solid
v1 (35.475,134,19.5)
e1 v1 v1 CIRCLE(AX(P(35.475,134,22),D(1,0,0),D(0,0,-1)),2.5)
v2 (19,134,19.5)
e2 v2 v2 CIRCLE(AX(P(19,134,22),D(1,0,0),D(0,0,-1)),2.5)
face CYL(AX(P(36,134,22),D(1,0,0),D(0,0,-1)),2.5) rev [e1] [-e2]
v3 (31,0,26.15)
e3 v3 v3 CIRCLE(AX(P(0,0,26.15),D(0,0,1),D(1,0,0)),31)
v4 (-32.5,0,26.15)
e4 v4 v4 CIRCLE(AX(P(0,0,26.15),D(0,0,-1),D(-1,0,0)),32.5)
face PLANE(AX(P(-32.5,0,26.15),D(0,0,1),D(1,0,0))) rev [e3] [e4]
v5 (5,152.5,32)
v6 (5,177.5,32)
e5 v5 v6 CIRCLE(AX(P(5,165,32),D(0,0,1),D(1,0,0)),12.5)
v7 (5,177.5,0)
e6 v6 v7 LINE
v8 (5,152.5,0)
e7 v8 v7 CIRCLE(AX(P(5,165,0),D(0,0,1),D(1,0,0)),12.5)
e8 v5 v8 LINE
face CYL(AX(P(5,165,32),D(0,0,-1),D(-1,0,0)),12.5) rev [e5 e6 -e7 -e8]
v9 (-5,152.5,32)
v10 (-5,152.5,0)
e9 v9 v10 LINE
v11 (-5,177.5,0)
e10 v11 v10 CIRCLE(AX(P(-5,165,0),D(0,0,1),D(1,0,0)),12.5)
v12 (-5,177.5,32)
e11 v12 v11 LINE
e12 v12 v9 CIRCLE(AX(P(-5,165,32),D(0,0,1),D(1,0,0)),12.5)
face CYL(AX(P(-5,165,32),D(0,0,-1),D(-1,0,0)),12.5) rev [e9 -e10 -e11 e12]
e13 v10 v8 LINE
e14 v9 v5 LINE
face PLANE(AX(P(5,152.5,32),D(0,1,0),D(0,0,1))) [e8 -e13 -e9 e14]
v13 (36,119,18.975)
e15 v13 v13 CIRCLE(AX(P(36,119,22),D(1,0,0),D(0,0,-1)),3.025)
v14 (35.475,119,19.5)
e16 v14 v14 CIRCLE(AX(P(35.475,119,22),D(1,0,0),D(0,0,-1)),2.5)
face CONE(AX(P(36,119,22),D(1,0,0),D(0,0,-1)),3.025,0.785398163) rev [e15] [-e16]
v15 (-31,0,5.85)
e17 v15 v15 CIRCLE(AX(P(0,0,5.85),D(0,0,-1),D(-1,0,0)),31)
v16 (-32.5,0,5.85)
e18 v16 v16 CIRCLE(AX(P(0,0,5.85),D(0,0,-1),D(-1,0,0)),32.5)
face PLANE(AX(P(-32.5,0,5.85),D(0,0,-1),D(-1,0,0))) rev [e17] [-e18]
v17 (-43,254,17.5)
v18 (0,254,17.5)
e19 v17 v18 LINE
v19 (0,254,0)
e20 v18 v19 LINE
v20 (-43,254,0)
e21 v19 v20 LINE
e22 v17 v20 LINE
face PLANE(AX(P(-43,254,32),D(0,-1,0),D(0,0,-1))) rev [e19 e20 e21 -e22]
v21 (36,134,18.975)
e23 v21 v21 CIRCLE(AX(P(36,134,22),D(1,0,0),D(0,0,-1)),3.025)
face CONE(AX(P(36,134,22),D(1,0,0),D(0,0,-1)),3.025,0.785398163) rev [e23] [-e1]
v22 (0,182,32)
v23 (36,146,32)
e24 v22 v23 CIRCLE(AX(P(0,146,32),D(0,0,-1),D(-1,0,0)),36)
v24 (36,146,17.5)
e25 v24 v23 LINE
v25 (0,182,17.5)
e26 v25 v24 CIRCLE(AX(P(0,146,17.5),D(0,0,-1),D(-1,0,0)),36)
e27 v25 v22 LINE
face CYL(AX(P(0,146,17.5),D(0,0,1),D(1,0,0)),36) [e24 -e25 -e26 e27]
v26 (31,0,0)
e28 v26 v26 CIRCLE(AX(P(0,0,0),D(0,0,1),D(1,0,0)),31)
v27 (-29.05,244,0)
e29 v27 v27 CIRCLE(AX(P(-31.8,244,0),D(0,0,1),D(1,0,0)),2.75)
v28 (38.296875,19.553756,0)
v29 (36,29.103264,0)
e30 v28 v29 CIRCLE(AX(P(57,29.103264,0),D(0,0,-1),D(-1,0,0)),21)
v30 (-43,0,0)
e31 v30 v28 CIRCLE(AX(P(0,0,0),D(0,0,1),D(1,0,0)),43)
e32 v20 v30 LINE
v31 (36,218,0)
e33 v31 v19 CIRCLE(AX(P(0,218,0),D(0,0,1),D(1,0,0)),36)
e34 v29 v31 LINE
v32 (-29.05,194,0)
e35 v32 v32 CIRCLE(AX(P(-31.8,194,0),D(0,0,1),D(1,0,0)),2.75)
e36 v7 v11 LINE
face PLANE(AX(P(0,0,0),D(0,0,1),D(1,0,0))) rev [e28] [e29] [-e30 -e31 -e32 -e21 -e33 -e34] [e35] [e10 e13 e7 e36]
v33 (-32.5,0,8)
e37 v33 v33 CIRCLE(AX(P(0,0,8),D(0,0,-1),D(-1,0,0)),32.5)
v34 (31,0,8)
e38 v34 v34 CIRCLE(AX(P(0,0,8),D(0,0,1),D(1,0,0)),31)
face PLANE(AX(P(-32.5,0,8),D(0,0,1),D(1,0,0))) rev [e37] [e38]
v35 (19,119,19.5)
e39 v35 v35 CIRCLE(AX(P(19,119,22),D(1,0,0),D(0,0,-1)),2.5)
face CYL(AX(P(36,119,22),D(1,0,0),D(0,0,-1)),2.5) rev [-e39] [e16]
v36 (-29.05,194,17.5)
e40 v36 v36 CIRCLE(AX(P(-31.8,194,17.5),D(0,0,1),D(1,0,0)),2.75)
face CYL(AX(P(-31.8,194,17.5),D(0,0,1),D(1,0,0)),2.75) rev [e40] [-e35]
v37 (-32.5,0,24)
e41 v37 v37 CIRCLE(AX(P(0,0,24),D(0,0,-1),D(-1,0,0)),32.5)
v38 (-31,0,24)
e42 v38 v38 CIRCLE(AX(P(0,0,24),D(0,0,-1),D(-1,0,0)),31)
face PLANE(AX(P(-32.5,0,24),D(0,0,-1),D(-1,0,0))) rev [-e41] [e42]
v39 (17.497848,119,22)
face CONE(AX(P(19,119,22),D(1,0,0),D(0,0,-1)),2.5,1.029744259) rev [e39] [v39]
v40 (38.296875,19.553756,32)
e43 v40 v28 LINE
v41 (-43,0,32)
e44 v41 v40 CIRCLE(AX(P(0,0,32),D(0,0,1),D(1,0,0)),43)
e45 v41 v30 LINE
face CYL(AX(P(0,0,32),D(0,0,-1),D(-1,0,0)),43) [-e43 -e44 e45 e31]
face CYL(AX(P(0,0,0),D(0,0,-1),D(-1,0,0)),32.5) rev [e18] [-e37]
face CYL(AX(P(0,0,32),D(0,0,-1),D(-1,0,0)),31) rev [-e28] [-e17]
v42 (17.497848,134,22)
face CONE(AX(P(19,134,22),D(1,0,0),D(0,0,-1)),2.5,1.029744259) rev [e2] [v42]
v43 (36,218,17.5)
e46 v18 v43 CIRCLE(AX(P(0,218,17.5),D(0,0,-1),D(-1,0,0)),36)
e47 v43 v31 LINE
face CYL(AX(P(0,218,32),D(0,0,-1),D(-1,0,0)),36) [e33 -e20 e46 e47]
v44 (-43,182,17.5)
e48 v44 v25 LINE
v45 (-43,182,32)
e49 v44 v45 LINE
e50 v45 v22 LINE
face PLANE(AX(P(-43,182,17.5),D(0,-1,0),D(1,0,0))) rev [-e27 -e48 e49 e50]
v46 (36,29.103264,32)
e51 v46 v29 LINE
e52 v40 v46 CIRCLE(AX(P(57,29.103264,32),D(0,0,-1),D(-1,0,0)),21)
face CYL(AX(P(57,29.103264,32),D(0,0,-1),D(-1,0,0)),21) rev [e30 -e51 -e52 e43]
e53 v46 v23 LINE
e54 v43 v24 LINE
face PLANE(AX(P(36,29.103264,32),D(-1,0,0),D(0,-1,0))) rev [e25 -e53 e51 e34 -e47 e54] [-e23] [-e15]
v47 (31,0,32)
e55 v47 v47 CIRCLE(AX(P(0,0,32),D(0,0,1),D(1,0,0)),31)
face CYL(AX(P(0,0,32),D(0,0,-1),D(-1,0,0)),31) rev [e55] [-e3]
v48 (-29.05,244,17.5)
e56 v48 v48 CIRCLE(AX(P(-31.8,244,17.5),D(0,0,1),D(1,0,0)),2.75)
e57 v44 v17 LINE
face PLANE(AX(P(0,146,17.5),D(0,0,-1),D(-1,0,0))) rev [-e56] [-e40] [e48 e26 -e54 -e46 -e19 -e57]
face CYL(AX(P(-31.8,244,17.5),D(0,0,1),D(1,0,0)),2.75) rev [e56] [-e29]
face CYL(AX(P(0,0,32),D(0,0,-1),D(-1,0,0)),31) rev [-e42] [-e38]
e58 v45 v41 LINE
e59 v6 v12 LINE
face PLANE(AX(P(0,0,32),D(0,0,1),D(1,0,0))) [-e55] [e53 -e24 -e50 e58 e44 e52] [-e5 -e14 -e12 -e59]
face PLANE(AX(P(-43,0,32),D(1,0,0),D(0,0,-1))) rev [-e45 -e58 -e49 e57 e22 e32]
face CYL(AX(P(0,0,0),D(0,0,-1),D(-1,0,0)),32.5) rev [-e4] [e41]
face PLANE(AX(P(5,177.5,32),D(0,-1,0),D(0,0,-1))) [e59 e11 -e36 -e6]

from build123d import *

# Parameters (mm, degrees)
SKIZZE1_R                        = 31
AUFSATZ_LINEAR_AUSTRAGEN1_DEPTH  = 32
SKIZZE2_W                        = 2.5
SKIZZE2_H                        = 2.15
SCHNITT_LINEAR_AUSTRAGEN1_DEPTH  = 14.5
F_5_5_5_5_DURCHMESSER_BOHRUNG1_D = 5.5
M6_GEWINDEBOHRUNG1_D             = 5
M6_GEWINDEBOHRUNG1_DEPTH         = 17
M6_GEWINDEBOHRUNG1_CSINK_D       = 6.05
M6_GEWINDEBOHRUNG1_CSINK_ANGLE   = 90
M6_GEWINDEBOHRUNG1_TIP           = 1.502151548


with BuildPart() as part:
    # Skizze1 → Aufsatz-Linear austragen1 (new body)
    with BuildSketch(Plane.XY):
        with BuildLine():
            Line((36, 29.103264422), (36, 218))
            ThreePointArc((36, 218), (25.455844123, 243.455844123), (0, 254))
            Line((0, 254), (-43, 254))
            Line((-43, 254), (-43, 0))
            ThreePointArc((-43, 0), (10.055704227, -41.807688438), (38.296875, 19.553755783))
            ThreePointArc((38.296875, 19.553755783), (36.582291693, 24.192339102), (36, 29.103264422))
        make_face()
        Circle(SKIZZE1_R, mode=Mode.SUBTRACT)
        with BuildLine():
            Line((5, 152.5), (-5, 152.5))
            ThreePointArc((-5, 152.5), (-17.5, 165), (-5, 177.5))
            Line((-5, 177.5), (5, 177.5))
            ThreePointArc((5, 177.5), (17.5, 165), (5, 152.5))
        make_face(mode=Mode.SUBTRACT)
    extrude(amount=AUFSATZ_LINEAR_AUSTRAGEN1_DEPTH)

    # Skizze2 → Schnitt-Rotation1 (revolve, cut)
    with BuildSketch(Plane(origin=(0, 0, 0), x_dir=(1, 0, 0), z_dir=(0, 1, 0))):
        with Locations((-31.25, -6.925)):
            Rectangle(SKIZZE2_W, SKIZZE2_H)
        with Locations((-31.25, -25.075)):
            Rectangle(SKIZZE2_W, SKIZZE2_H)
    revolve(axis=Axis((0, 0, 0), (0, 0, 1)), mode=Mode.SUBTRACT)

    # Skizze3 → Schnitt-Linear austragen1 (cut)
    with BuildSketch(Plane.XY.offset(32)):
        with BuildLine():
            Line((-43, 182), (0, 182))
            ThreePointArc((0, 182), (25.455844123, 171.455844123), (36, 146))
            Line((36, 146), (92.796616339, 146))
            Line((92.796616339, 146), (92.796616339, 301.382333193))
            Line((92.796616339, 301.382333193), (-43, 301.382333193))
            Line((-43, 301.382333193), (-43, 182))
        make_face()
    extrude(amount=-SCHNITT_LINEAR_AUSTRAGEN1_DEPTH, mode=Mode.SUBTRACT)

    # Ø5.5 (5.5) Durchmesser Bohrung1 (through all)
    with Locations(Plane.XY.offset(17.5)):
        with Locations((-31.8, 194), (-31.8, 244)):
            Hole(F_5_5_5_5_DURCHMESSER_BOHRUNG1_D / 2)

    # M6 Gewindebohrung1
    with Locations(Plane(origin=(36, 0, -4), x_dir=(0, 0, 1), z_dir=(1, 0, 0))):
        with Locations((26, -134), (26, -119)):
            CounterSinkHole(M6_GEWINDEBOHRUNG1_D / 2, M6_GEWINDEBOHRUNG1_CSINK_D / 2, depth=M6_GEWINDEBOHRUNG1_DEPTH, counter_sink_angle=M6_GEWINDEBOHRUNG1_CSINK_ANGLE)
            with Locations((0, 0, -(M6_GEWINDEBOHRUNG1_DEPTH + M6_GEWINDEBOHRUNG1_TIP / 2))):  # 118° drill point
                Cone(0, M6_GEWINDEBOHRUNG1_D / 2, M6_GEWINDEBOHRUNG1_TIP, mode=Mode.SUBTRACT)


solid = part.part
